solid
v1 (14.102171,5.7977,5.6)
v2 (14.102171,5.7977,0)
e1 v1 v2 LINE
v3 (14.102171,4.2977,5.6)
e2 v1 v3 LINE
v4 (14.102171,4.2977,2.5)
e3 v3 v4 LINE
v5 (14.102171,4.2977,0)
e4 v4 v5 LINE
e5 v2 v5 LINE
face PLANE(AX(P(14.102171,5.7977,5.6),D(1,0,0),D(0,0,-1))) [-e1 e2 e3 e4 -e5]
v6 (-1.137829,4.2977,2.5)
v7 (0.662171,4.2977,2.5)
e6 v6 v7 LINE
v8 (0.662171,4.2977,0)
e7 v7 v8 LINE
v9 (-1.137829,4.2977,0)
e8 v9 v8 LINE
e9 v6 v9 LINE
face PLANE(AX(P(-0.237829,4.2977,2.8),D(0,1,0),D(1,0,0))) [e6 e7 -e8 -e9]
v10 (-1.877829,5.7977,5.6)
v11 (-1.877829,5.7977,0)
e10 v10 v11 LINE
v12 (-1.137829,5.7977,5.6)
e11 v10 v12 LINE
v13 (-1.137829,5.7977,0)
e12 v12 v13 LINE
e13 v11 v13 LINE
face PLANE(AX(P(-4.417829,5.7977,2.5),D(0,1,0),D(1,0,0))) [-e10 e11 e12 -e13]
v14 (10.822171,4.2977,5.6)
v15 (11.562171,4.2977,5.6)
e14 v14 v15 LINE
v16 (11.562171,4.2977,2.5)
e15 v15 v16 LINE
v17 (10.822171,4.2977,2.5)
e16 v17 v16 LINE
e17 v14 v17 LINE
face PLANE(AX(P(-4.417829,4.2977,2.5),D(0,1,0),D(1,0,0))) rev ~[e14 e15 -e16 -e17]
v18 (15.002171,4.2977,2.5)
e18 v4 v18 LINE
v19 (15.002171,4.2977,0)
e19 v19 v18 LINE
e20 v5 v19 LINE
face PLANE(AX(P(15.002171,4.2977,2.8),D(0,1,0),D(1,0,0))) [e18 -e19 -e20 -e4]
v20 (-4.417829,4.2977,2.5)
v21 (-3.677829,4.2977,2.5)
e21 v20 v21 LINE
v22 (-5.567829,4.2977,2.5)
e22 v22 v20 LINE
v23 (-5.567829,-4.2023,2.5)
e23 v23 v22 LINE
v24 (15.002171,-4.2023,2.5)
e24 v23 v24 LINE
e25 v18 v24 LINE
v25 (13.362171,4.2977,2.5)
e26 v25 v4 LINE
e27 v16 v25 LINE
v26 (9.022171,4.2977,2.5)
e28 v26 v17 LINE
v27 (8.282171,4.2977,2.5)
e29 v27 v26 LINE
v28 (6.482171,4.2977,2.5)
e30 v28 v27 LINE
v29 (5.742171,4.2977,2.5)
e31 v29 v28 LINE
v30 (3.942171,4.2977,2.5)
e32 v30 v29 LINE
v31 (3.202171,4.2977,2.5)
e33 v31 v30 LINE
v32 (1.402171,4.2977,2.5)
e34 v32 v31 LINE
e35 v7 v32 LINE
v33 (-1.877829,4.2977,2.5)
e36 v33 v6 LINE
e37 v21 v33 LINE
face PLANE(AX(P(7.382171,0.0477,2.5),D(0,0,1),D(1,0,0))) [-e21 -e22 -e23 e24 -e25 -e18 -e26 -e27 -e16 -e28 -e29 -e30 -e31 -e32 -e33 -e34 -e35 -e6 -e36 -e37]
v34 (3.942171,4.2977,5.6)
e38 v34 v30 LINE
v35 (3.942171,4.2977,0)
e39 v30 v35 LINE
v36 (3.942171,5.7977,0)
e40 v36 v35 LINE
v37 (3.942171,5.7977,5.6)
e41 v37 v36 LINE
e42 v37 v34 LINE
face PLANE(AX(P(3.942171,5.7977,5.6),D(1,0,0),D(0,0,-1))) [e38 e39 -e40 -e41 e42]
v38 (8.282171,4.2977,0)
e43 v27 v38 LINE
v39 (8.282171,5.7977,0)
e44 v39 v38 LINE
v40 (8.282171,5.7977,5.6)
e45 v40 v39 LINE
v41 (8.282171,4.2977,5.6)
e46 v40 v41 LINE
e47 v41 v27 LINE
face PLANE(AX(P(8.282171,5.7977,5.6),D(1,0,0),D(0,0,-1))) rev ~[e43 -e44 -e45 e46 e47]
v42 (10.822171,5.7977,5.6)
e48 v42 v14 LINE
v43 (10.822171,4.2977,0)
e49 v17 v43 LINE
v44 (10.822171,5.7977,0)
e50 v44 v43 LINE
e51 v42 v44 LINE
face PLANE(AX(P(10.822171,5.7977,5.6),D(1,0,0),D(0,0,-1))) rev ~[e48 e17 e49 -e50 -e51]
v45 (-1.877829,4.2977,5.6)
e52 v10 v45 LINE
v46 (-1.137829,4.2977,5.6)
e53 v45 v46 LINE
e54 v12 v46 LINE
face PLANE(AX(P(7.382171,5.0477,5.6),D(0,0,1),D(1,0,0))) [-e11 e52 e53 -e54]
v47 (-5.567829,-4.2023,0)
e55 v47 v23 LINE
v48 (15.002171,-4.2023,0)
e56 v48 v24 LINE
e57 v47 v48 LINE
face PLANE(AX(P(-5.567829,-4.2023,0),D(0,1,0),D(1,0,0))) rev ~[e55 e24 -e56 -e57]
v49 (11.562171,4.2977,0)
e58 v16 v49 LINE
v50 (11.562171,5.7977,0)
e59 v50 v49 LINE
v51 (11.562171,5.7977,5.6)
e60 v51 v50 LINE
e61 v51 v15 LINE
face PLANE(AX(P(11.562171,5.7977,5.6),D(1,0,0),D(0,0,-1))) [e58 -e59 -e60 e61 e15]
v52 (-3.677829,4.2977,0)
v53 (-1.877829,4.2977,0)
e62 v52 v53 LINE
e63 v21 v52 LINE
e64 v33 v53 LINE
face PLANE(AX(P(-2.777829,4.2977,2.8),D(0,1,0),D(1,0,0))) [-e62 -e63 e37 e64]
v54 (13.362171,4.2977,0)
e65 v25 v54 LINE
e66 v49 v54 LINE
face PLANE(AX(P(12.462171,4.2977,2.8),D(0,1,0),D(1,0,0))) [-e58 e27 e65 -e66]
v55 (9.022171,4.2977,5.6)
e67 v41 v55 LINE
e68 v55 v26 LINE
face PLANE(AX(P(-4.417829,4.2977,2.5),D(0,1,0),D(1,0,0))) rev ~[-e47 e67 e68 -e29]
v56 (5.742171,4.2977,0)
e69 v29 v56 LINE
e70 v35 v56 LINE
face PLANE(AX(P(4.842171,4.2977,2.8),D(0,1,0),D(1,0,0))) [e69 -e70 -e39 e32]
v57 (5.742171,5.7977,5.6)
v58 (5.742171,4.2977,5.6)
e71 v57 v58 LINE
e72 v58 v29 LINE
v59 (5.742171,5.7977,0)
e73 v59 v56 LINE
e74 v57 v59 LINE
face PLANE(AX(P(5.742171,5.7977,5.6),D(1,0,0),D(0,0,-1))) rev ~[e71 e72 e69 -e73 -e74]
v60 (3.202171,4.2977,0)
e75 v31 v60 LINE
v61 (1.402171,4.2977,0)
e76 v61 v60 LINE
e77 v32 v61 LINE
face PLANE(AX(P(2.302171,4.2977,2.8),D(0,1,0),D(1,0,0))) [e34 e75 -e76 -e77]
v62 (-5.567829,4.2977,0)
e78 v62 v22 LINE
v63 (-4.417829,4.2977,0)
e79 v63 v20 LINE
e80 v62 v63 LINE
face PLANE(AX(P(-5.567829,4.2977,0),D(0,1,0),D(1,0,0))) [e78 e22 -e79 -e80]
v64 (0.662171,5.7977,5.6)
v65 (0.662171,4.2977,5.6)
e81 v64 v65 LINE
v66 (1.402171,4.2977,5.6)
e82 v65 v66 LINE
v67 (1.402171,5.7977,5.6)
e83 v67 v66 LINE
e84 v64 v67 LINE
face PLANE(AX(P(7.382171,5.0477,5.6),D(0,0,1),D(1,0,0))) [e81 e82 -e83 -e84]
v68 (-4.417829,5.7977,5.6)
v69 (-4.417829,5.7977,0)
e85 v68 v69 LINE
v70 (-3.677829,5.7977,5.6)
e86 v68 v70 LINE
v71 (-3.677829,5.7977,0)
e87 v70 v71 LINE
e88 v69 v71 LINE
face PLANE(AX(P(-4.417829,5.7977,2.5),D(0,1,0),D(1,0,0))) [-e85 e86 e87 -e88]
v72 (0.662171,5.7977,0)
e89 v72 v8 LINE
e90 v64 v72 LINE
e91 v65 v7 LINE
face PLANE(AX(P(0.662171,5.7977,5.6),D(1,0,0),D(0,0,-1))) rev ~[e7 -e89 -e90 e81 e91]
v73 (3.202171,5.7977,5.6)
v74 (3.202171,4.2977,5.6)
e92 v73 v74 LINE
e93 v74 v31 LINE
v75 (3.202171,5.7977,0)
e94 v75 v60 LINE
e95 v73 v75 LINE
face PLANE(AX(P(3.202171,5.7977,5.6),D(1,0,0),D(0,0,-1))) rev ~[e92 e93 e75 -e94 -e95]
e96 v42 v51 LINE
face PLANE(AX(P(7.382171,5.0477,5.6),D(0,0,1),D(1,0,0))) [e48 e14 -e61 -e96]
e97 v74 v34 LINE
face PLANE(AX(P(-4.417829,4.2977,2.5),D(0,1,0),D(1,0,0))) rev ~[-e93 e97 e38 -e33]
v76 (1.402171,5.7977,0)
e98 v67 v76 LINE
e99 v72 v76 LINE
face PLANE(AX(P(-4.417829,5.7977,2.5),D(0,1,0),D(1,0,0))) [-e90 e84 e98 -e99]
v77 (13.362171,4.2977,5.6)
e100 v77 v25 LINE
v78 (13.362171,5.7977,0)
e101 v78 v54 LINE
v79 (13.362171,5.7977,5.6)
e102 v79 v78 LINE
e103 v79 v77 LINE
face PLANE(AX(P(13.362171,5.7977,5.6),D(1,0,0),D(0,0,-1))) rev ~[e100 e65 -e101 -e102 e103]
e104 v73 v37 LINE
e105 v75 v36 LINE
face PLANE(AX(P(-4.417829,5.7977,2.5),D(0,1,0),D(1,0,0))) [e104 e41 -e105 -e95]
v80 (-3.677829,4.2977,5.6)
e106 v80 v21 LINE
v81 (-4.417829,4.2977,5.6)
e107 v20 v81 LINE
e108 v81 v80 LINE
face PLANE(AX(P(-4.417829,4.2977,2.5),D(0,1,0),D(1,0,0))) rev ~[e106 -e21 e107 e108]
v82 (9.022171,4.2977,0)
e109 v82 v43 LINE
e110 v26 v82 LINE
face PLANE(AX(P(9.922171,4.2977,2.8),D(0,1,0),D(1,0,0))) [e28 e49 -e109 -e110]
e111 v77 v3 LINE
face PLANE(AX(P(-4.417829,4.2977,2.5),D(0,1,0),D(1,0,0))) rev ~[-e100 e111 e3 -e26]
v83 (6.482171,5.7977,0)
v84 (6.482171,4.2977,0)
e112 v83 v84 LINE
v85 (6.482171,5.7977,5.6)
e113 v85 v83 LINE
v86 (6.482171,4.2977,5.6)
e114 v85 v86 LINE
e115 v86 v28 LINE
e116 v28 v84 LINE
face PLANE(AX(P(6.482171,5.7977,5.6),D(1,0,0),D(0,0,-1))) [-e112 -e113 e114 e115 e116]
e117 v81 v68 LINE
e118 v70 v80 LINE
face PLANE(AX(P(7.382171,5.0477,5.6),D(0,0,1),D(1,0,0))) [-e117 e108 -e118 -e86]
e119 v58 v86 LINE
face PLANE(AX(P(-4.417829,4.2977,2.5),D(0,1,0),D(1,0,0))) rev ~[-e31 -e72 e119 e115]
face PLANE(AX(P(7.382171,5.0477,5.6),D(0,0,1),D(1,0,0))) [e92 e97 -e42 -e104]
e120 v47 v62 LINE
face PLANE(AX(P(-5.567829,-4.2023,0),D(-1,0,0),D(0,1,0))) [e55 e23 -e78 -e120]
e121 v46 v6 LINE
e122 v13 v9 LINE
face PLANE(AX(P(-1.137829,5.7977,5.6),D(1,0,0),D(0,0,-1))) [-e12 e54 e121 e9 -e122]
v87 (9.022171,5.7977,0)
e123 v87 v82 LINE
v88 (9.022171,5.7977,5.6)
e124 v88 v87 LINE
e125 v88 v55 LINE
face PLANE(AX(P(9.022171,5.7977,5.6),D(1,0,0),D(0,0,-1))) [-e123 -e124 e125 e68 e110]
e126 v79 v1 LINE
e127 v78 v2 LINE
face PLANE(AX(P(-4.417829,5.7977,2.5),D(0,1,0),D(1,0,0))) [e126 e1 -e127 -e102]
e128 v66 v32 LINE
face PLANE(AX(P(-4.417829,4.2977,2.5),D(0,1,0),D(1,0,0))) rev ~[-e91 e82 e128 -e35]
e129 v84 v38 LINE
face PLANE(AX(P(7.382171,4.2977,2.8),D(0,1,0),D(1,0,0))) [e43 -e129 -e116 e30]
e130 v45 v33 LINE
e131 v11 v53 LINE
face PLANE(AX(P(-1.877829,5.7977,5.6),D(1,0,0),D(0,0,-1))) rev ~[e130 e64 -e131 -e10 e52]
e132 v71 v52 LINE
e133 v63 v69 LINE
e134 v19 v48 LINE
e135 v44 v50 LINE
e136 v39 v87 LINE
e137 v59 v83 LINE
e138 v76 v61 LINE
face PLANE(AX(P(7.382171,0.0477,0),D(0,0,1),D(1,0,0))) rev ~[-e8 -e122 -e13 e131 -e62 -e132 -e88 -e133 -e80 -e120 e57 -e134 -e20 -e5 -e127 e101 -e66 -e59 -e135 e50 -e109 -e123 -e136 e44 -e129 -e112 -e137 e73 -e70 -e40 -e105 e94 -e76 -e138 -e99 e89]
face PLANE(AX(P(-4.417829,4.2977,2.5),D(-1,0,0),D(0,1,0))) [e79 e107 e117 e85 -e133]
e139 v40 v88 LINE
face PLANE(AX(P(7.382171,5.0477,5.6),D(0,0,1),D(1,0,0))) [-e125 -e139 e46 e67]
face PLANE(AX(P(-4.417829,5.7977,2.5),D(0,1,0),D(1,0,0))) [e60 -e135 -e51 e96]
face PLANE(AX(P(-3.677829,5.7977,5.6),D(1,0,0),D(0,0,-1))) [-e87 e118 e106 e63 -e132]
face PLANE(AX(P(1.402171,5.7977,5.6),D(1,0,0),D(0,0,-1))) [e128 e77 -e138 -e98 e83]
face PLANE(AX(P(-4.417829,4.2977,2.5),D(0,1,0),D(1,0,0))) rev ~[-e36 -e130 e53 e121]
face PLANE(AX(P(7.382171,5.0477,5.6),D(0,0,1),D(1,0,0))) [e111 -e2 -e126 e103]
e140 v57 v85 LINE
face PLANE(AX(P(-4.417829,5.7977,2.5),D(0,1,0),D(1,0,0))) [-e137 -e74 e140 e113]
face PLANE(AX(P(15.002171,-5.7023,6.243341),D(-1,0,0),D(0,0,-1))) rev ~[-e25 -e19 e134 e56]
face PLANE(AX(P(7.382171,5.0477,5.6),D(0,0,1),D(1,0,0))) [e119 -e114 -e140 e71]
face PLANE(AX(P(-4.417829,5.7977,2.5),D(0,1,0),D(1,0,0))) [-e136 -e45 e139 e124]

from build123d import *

# Parameters (mm, degrees)
SKETCH_1_W               = 25.9
SKETCH_1_H               = 8.5
EXTRUDE_1_DEPTH          = 2.5
SKETCH_1_5_W             = 23.6
SKETCH_1_5_H             = 1.5
EXTRUDE_2_DEPTH          = 2.5
SKETCH_2_W               = 23.6
SKETCH_2_H               = 1.5
EXTRUDE_3_DEPTH          = 3.1
SKETCH_3_W               = 1.8
SKETCH_3_H               = 5.6
CUT_EXTRUDE_1_DEPTH      = 1.5
CUT_EXTRUDE_2_DEPTH      = 2
CUT_EXTRUDE_2_DEPTH_BACK = 10
SKETCH_4_W               = 8.769979371
SKETCH_4_H               = 7.729949766


with BuildPart() as part:
    # 草图1 → 凸台-拉伸1 (new body)
    with BuildSketch(Plane.XY):
        with Locations((7.382170543, 0.04770021)):
            Rectangle(SKETCH_1_W, SKETCH_1_H)
    extrude(amount=EXTRUDE_1_DEPTH)

    # 草图1<5> → 凸台-拉伸2 (add)
    with BuildSketch(Plane.XY):
        with Locations((7.382170543, 5.04770021)):
            Rectangle(SKETCH_1_5_W, SKETCH_1_5_H)
    extrude(amount=EXTRUDE_2_DEPTH)

    # 草图2 → 凸台-拉伸3 (add)
    with BuildSketch(Plane.XY.offset(2.5)):
        with Locations((7.382170543, 5.04770021)):
            Rectangle(SKETCH_2_W, SKETCH_2_H)
    extrude(amount=EXTRUDE_3_DEPTH)

    # 草图3 → 切除-拉伸1 (cut)
    with BuildSketch(Plane(origin=(0, 5.79770021, 0), x_dir=(1, 0, 0), z_dir=(0, 1, 0))):
        with Locations((17.542170543, -2.8)):
            Rectangle(SKETCH_3_W, SKETCH_3_H)
        with Locations((15.002170543, -2.8)):
            Rectangle(SKETCH_3_W, SKETCH_3_H)
        with Locations((12.462170543, -2.8)):
            Rectangle(SKETCH_3_W, SKETCH_3_H)
        with Locations((9.922170543, -2.8)):
            Rectangle(SKETCH_3_W, SKETCH_3_H)
        with Locations((7.382170543, -2.8)):
            Rectangle(SKETCH_3_W, SKETCH_3_H)
        with Locations((4.842170543, -2.8)):
            Rectangle(SKETCH_3_W, SKETCH_3_H)
        with Locations((2.302170543, -2.8)):
            Rectangle(SKETCH_3_W, SKETCH_3_H)
        with Locations((-0.237829457, -2.8)):
            Rectangle(SKETCH_3_W, SKETCH_3_H)
        with Locations((-2.777829457, -2.8)):
            Rectangle(SKETCH_3_W, SKETCH_3_H)
    extrude(amount=-CUT_EXTRUDE_1_DEPTH, mode=Mode.SUBTRACT)

    # 草图4 → 切除-拉伸2 (cut, two sides: drawn at the far end of the back side and taken through both)
    with BuildSketch(Plane(origin=(0, 4.29770021, 0), x_dir=(1, 0, 0), z_dir=(0, 1, 0)).offset(-CUT_EXTRUDE_2_DEPTH_BACK)):
        with Locations((19.387160229, -2.378366376)):
            Rectangle(SKETCH_4_W, SKETCH_4_H)
    extrude(amount=CUT_EXTRUDE_2_DEPTH + CUT_EXTRUDE_2_DEPTH_BACK, mode=Mode.SUBTRACT)


solid = part.part
